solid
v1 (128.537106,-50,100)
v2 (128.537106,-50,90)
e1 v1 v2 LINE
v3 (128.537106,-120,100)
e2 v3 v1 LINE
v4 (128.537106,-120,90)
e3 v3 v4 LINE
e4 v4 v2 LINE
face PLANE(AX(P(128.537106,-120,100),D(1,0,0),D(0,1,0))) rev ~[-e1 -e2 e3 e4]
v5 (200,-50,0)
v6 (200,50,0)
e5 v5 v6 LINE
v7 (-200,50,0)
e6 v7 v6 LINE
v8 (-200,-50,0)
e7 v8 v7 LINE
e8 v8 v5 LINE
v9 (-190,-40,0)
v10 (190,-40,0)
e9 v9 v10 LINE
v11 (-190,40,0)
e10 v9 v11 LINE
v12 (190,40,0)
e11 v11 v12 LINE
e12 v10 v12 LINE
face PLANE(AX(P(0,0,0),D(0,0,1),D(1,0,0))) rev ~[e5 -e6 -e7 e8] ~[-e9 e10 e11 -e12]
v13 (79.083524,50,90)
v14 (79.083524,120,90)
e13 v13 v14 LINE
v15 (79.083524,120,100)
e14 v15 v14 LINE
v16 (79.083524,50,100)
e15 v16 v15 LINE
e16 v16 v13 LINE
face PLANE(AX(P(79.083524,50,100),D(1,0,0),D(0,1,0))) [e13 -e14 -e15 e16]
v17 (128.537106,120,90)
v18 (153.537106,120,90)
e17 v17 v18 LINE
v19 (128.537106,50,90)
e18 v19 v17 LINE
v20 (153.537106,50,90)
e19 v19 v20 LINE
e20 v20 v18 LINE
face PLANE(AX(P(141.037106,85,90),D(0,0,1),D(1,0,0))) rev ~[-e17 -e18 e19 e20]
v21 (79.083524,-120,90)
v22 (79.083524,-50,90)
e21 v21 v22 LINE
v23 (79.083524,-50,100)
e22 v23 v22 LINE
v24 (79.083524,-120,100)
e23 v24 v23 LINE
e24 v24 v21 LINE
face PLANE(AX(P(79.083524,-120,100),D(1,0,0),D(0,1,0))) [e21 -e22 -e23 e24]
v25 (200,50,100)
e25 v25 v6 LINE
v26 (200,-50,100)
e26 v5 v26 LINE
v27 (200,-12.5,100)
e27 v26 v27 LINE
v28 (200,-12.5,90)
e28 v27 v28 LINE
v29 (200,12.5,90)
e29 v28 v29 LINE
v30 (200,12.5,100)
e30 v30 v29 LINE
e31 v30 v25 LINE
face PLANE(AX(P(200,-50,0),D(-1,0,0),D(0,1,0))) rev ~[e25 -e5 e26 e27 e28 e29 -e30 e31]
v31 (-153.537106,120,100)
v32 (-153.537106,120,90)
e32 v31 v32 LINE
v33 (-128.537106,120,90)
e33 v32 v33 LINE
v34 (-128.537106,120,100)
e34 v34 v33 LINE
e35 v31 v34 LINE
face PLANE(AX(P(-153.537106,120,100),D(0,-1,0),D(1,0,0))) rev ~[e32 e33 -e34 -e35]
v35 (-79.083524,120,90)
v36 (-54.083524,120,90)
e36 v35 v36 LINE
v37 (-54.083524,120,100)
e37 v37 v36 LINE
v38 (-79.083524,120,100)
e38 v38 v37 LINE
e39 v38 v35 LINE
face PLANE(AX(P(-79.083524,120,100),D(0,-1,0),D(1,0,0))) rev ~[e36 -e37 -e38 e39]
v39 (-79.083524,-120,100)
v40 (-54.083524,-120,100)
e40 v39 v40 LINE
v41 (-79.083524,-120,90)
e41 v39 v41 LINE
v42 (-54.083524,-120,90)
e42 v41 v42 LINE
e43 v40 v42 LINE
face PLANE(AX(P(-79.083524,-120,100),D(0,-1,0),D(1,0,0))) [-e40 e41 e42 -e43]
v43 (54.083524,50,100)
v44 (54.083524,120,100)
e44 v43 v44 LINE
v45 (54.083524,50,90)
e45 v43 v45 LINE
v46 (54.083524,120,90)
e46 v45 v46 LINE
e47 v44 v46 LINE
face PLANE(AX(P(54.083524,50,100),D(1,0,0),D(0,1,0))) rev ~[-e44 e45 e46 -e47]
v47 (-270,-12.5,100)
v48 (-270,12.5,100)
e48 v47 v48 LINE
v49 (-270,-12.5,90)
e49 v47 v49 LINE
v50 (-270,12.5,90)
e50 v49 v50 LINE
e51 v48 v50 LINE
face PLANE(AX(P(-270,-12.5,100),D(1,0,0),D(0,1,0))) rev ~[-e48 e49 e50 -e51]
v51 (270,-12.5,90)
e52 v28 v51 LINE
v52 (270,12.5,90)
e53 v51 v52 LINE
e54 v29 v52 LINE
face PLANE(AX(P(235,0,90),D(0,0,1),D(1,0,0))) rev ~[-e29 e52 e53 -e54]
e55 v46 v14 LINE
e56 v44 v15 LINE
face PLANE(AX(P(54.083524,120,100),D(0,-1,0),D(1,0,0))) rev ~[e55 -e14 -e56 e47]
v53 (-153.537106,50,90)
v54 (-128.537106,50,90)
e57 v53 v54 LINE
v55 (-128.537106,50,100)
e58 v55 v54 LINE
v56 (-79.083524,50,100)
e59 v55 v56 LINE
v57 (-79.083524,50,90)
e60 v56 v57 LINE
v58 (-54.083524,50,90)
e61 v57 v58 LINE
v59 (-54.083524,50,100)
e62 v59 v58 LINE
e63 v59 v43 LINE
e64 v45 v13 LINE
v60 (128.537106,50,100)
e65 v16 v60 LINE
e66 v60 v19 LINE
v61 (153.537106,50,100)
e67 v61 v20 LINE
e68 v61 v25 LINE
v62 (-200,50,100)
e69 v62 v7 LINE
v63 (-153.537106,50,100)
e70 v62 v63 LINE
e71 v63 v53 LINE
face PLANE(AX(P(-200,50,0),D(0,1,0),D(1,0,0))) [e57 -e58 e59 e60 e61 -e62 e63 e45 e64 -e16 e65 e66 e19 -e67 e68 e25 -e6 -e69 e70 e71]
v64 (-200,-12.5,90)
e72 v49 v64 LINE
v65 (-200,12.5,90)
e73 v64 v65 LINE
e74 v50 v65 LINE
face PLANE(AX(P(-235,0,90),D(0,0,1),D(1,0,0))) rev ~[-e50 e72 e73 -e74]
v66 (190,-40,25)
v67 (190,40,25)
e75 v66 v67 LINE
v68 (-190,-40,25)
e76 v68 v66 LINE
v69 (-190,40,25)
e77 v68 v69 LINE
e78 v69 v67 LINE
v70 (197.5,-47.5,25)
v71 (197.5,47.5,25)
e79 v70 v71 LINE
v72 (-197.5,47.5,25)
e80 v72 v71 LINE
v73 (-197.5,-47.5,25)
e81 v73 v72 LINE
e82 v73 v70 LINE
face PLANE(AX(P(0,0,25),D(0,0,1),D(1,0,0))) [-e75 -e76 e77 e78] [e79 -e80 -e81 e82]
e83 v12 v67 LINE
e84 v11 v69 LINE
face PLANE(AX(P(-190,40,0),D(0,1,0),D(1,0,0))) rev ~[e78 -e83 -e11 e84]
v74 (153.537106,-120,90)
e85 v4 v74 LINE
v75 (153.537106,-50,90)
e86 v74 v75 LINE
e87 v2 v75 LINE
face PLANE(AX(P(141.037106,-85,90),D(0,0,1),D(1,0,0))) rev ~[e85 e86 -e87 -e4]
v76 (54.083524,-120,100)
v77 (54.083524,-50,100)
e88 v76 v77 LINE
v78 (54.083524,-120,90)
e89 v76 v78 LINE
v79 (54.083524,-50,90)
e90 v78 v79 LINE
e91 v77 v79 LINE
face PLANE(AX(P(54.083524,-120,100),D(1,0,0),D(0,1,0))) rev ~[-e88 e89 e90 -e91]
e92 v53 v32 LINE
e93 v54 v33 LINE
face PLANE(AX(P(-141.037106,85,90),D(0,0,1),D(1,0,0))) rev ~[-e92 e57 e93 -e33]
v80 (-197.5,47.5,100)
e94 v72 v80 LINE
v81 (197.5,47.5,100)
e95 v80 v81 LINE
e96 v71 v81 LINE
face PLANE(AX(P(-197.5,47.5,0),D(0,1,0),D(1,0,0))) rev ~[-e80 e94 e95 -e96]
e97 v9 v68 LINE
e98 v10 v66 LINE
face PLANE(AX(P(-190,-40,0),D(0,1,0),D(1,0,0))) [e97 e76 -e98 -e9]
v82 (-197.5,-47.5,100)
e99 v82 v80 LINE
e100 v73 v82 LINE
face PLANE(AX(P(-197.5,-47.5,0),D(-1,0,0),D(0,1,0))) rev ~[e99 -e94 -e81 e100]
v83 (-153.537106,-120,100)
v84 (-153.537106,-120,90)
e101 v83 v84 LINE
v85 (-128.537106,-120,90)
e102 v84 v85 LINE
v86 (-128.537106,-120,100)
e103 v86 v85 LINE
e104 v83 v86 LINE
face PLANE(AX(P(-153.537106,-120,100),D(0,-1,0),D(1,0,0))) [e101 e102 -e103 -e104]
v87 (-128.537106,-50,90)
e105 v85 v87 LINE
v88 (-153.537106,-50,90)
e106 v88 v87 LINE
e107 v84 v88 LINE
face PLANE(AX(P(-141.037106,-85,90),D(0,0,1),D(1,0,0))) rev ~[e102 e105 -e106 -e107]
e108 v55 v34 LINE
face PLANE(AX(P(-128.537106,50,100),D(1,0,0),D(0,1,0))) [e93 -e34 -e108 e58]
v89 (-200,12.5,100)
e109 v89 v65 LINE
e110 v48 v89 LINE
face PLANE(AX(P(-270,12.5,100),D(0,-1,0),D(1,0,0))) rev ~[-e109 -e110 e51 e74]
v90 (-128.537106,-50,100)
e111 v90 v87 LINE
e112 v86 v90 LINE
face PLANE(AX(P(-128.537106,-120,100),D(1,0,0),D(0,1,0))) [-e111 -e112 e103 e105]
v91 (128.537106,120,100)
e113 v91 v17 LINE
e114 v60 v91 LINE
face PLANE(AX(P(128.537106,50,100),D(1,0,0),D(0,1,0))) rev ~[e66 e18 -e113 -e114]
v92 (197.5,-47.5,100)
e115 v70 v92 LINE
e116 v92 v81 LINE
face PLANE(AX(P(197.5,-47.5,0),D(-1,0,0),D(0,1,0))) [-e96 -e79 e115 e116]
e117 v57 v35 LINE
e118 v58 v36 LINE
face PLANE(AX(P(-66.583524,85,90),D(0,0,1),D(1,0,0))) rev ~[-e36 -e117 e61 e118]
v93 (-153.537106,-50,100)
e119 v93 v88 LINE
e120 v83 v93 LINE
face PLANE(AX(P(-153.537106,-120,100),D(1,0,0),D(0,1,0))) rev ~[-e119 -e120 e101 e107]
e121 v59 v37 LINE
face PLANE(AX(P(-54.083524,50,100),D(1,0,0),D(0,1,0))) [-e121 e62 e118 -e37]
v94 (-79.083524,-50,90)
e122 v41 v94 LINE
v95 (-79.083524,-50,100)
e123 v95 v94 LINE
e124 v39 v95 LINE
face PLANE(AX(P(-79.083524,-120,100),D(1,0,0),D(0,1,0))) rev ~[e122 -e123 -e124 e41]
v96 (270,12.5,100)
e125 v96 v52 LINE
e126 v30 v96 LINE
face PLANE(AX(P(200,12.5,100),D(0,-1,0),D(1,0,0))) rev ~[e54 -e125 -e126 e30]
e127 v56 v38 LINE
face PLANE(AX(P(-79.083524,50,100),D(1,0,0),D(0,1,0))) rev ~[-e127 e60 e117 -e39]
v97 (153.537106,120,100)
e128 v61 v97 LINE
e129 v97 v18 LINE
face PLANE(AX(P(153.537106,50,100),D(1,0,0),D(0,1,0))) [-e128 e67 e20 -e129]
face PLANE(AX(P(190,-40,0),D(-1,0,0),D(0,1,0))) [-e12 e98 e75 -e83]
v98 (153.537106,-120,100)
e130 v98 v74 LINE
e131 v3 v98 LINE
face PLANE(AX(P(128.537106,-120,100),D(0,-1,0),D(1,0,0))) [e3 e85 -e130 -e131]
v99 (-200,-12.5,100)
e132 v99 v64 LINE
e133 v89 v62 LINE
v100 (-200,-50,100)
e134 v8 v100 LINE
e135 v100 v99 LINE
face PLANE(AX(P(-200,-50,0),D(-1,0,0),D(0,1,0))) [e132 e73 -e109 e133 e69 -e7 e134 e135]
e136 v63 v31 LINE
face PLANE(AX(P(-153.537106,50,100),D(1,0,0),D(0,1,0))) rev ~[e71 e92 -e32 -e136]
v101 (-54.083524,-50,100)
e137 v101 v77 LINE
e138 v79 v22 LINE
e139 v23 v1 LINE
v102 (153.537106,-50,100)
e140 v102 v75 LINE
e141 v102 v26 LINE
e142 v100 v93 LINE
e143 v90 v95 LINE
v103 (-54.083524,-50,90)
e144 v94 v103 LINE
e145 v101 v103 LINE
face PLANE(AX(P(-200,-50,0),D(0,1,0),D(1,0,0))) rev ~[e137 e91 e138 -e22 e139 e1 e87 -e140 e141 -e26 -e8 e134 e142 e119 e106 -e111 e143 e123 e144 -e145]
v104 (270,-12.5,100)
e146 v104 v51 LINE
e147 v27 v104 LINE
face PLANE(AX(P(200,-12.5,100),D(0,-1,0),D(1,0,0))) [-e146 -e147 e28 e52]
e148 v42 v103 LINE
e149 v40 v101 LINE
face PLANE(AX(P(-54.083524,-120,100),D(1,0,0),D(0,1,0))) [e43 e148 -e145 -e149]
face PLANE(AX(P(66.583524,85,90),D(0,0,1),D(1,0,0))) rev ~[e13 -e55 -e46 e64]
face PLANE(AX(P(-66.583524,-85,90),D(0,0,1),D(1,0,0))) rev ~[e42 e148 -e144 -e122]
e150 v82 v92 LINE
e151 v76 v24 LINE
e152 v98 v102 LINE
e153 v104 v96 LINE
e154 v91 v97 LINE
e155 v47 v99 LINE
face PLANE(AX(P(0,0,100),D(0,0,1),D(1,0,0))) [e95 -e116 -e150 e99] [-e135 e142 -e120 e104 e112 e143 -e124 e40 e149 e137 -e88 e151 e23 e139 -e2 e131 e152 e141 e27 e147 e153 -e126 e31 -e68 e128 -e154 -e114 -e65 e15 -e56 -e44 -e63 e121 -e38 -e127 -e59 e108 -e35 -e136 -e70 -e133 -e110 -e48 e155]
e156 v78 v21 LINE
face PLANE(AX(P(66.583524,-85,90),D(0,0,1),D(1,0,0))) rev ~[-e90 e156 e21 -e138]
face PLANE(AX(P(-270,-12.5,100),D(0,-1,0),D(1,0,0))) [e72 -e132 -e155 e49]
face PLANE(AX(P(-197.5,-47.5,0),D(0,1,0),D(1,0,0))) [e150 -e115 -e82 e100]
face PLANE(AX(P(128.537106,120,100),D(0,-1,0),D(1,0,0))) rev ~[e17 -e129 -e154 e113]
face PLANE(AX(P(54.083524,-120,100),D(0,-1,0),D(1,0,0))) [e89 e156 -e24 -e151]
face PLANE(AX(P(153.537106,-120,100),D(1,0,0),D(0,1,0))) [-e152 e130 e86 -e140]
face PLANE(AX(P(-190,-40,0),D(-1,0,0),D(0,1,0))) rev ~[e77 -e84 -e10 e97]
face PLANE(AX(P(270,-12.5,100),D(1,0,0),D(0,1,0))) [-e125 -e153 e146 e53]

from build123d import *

# Parameters (mm, degrees)
ESQUISSE1_W        = 400
ESQUISSE1_H        = 100
ESQUISSE1_W_2      = 395
ESQUISSE1_H_2      = 95
BOSS_EXTRU_2_DEPTH = 100
ESQUISSE3_W        = 400
ESQUISSE3_H        = 100
ESQUISSE3_W_2      = 380
ESQUISSE3_H_2      = 80
BOSS_EXTRU_3_DEPTH = 25
BOSS_EXTRU_4_START = 100
ESQUISSE4_W        = 70
ESQUISSE4_H        = 25
ESQUISSE4_W_2      = 25
ESQUISSE4_H_2      = 70
BOSS_EXTRU_4_DEPTH = 10


with BuildPart() as part:
    # Esquisse1 → Boss.-Extru.2 (new body)
    with BuildSketch(Plane.XY):
        Rectangle(ESQUISSE1_W, ESQUISSE1_H)
        Rectangle(ESQUISSE1_W_2, ESQUISSE1_H_2, mode=Mode.SUBTRACT)
    extrude(amount=BOSS_EXTRU_2_DEPTH)

    # Esquisse3 → Boss.-Extru.3 (add)
    with BuildSketch(Plane.XY):
        Rectangle(ESQUISSE3_W, ESQUISSE3_H)
        Rectangle(ESQUISSE3_W_2, ESQUISSE3_H_2, mode=Mode.SUBTRACT)
    extrude(amount=BOSS_EXTRU_3_DEPTH)

    # Esquisse4 → Boss.-Extru.4 (add)
    with BuildSketch(Plane.XY.offset(BOSS_EXTRU_4_START)):
        with Locations((-235, 0)):
            Rectangle(ESQUISSE4_W, ESQUISSE4_H)
        with Locations((235, 0)):
            Rectangle(ESQUISSE4_W, ESQUISSE4_H)
        with Locations((-141.037105637, 85)):
            Rectangle(ESQUISSE4_W_2, ESQUISSE4_H_2)
        with Locations((141.037105637, 85)):
            Rectangle(ESQUISSE4_W_2, ESQUISSE4_H_2)
        with Locations((-66.58352445, 85)):
            Rectangle(ESQUISSE4_W_2, ESQUISSE4_H_2)
        with Locations((66.58352445, 85)):
            Rectangle(ESQUISSE4_W_2, ESQUISSE4_H_2)
        with Locations((141.037105637, -85)):
            Rectangle(ESQUISSE4_W_2, ESQUISSE4_H_2)
        with Locations((66.58352445, -85)):
            Rectangle(ESQUISSE4_W_2, ESQUISSE4_H_2)
        with Locations((-66.58352445, -85)):
            Rectangle(ESQUISSE4_W_2, ESQUISSE4_H_2)
        with Locations((-141.037105637, -85)):
            Rectangle(ESQUISSE4_W_2, ESQUISSE4_H_2)
    extrude(amount=-BOSS_EXTRU_4_DEPTH)


solid = part.part
